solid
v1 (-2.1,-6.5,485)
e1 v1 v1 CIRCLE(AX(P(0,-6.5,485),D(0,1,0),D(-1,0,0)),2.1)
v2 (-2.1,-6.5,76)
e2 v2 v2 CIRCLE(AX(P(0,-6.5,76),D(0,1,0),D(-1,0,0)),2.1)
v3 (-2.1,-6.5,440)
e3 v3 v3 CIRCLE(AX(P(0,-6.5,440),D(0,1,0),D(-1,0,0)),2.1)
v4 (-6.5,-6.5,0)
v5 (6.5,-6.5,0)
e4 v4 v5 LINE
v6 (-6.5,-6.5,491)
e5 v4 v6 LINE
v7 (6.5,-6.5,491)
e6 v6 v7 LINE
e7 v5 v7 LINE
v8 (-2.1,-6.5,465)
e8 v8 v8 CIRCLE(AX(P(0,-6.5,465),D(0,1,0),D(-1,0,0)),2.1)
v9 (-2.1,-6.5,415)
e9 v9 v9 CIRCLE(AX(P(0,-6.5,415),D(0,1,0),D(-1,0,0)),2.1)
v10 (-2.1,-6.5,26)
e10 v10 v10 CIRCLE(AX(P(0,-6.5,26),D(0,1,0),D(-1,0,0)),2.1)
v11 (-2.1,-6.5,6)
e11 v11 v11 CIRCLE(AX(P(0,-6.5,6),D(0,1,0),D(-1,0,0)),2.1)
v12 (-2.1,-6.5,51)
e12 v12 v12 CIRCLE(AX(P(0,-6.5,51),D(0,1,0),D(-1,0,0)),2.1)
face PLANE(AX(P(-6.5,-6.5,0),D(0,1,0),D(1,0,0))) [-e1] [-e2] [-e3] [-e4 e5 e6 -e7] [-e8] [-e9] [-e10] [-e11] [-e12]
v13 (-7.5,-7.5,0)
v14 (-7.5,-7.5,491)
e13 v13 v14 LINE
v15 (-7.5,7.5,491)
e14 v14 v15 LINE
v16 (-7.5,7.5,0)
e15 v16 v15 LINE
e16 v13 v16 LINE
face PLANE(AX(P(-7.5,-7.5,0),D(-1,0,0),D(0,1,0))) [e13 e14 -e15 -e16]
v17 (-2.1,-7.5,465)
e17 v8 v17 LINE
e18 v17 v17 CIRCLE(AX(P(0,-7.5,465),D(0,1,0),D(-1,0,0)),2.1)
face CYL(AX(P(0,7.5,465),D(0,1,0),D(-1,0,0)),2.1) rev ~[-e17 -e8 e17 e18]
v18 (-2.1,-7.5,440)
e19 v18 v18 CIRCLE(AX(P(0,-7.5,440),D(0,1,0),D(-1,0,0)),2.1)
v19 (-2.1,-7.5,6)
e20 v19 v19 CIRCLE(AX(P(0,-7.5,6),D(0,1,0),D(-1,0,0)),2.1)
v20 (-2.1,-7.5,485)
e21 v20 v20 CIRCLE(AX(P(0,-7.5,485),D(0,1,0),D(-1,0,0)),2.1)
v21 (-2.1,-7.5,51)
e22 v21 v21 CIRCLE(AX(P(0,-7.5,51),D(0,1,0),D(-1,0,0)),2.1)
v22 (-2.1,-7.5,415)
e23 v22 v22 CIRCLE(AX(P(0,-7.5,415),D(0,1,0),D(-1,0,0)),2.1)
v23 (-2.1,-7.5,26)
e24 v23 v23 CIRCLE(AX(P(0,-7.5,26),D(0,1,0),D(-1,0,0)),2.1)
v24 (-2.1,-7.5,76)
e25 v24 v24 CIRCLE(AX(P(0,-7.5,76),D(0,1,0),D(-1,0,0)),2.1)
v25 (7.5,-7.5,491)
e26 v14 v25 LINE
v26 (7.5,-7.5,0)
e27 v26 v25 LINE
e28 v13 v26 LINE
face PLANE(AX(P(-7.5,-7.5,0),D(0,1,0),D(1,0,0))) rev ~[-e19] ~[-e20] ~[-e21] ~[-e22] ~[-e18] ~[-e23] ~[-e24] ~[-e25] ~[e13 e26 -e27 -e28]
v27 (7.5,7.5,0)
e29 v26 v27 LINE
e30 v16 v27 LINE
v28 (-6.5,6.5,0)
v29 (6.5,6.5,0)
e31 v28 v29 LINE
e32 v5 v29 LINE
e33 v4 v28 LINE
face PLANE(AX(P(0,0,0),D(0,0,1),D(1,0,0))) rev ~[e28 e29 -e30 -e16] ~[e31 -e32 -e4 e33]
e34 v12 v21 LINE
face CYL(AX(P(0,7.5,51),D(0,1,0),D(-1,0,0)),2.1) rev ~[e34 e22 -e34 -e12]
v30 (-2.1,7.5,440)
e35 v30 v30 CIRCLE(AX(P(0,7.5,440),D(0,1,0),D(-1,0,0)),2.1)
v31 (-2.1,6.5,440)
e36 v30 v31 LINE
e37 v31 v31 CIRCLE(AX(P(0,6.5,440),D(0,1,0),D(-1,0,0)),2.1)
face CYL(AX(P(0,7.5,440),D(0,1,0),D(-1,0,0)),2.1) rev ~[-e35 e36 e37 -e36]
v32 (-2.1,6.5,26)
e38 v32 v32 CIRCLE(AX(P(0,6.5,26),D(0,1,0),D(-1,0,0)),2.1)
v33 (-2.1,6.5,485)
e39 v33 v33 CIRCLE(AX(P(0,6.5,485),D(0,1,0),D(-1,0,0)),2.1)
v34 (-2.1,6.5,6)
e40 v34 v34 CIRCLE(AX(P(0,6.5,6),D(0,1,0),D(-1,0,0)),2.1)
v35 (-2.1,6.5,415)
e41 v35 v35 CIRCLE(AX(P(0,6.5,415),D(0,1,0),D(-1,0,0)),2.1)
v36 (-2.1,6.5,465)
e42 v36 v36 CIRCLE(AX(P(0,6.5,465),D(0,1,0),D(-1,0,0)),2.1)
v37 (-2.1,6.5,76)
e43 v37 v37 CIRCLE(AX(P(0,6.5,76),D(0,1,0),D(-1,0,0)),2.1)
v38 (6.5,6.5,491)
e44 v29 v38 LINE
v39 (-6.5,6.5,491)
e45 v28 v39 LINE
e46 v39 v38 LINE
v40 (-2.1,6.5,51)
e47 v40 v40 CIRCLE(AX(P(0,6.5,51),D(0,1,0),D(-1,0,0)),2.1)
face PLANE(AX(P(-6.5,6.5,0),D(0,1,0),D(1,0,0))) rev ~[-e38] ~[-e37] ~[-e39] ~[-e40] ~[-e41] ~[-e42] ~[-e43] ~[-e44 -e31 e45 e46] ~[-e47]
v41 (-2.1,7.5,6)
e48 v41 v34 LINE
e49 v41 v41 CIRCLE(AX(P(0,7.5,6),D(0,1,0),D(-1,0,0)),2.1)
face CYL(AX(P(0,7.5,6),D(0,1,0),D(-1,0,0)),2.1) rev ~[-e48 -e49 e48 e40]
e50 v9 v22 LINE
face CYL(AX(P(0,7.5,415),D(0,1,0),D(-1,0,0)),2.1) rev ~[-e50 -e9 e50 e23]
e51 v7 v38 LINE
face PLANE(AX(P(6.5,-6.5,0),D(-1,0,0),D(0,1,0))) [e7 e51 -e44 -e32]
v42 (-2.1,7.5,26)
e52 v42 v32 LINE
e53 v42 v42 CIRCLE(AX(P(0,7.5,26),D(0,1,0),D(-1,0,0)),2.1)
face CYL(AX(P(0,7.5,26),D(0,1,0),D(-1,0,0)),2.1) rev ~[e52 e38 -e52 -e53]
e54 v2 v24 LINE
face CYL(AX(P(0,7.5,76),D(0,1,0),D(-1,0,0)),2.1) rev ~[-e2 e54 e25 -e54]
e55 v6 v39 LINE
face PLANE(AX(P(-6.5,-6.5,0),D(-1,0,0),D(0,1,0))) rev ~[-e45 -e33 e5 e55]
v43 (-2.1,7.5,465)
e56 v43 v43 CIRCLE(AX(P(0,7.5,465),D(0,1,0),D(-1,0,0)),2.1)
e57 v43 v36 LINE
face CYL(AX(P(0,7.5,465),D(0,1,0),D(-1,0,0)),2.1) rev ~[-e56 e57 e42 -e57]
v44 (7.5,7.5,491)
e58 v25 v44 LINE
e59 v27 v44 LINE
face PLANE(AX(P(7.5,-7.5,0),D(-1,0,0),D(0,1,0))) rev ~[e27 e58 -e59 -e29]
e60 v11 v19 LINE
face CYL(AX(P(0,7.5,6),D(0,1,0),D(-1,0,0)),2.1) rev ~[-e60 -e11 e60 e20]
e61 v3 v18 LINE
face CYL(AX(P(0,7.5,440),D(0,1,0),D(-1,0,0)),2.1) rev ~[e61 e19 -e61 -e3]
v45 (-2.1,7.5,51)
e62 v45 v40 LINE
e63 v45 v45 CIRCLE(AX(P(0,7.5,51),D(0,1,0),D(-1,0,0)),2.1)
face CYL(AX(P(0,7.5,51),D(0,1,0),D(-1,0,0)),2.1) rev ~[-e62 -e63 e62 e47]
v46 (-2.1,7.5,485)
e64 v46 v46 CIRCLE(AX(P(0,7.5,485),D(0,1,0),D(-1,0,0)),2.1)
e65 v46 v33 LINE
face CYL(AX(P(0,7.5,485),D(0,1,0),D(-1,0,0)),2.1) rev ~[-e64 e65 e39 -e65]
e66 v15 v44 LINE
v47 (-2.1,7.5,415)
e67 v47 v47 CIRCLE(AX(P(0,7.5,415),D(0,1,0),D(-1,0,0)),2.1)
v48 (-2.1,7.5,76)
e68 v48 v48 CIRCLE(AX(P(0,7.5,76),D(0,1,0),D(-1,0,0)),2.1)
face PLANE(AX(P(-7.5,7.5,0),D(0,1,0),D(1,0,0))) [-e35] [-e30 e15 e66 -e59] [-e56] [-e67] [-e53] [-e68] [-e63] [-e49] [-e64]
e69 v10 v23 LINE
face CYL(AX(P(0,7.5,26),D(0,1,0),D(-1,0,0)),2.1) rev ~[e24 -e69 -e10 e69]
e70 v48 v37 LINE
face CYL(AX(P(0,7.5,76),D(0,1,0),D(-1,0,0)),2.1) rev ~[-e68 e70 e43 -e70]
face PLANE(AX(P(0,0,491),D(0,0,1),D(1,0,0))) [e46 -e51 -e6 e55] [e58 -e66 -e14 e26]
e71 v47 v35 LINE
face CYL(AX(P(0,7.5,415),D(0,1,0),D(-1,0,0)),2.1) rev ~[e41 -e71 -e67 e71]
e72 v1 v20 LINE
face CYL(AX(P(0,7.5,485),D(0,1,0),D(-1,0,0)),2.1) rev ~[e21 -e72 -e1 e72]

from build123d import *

# Parameters (mm, degrees)
SKETCH_1_W          = 15
SKETCH_1_H          = 15
SKETCH_1_W_2        = 13
SKETCH_1_H_2        = 13
EXTRUDE_1_DEPTH     = 491
SKETCH_2_R          = 2.1
CUT_EXTRUDE_1_DEPTH = 500


with BuildPart() as part:
    # 草图1 → 凸台-拉伸1 (new body)
    with BuildSketch(Plane.XY):
        Rectangle(SKETCH_1_W, SKETCH_1_H)
        Rectangle(SKETCH_1_W_2, SKETCH_1_H_2, mode=Mode.SUBTRACT)
    extrude(amount=EXTRUDE_1_DEPTH)

    # 草图2 → 切除-拉伸1 (cut)
    with BuildSketch(Plane(origin=(0, 7.5, 0), x_dir=(1, 0, 0), z_dir=(0, 1, 0))):
        with Locations(Location((0, -6, 0), (0, 0, 180))):
            Circle(SKETCH_2_R)
        with Locations(Location((0, -26, 0), (0, 0, 180))):
            Circle(SKETCH_2_R)
        with Locations(Location((0, -51, 0), (0, 0, 180))):
            Circle(SKETCH_2_R)
        with Locations(Location((0, -76, 0), (0, 0, 180))):
            Circle(SKETCH_2_R)
        with Locations(Location((0, -415, 0), (0, 0, 180))):
            Circle(SKETCH_2_R)
        with Locations(Location((0, -440, 0), (0, 0, 180))):
            Circle(SKETCH_2_R)
        with Locations(Location((0, -465, 0), (0, 0, 180))):
            Circle(SKETCH_2_R)
        with Locations(Location((0, -485, 0), (0, 0, 180))):
            Circle(SKETCH_2_R)
    extrude(amount=-CUT_EXTRUDE_1_DEPTH, mode=Mode.SUBTRACT)


solid = part.part
